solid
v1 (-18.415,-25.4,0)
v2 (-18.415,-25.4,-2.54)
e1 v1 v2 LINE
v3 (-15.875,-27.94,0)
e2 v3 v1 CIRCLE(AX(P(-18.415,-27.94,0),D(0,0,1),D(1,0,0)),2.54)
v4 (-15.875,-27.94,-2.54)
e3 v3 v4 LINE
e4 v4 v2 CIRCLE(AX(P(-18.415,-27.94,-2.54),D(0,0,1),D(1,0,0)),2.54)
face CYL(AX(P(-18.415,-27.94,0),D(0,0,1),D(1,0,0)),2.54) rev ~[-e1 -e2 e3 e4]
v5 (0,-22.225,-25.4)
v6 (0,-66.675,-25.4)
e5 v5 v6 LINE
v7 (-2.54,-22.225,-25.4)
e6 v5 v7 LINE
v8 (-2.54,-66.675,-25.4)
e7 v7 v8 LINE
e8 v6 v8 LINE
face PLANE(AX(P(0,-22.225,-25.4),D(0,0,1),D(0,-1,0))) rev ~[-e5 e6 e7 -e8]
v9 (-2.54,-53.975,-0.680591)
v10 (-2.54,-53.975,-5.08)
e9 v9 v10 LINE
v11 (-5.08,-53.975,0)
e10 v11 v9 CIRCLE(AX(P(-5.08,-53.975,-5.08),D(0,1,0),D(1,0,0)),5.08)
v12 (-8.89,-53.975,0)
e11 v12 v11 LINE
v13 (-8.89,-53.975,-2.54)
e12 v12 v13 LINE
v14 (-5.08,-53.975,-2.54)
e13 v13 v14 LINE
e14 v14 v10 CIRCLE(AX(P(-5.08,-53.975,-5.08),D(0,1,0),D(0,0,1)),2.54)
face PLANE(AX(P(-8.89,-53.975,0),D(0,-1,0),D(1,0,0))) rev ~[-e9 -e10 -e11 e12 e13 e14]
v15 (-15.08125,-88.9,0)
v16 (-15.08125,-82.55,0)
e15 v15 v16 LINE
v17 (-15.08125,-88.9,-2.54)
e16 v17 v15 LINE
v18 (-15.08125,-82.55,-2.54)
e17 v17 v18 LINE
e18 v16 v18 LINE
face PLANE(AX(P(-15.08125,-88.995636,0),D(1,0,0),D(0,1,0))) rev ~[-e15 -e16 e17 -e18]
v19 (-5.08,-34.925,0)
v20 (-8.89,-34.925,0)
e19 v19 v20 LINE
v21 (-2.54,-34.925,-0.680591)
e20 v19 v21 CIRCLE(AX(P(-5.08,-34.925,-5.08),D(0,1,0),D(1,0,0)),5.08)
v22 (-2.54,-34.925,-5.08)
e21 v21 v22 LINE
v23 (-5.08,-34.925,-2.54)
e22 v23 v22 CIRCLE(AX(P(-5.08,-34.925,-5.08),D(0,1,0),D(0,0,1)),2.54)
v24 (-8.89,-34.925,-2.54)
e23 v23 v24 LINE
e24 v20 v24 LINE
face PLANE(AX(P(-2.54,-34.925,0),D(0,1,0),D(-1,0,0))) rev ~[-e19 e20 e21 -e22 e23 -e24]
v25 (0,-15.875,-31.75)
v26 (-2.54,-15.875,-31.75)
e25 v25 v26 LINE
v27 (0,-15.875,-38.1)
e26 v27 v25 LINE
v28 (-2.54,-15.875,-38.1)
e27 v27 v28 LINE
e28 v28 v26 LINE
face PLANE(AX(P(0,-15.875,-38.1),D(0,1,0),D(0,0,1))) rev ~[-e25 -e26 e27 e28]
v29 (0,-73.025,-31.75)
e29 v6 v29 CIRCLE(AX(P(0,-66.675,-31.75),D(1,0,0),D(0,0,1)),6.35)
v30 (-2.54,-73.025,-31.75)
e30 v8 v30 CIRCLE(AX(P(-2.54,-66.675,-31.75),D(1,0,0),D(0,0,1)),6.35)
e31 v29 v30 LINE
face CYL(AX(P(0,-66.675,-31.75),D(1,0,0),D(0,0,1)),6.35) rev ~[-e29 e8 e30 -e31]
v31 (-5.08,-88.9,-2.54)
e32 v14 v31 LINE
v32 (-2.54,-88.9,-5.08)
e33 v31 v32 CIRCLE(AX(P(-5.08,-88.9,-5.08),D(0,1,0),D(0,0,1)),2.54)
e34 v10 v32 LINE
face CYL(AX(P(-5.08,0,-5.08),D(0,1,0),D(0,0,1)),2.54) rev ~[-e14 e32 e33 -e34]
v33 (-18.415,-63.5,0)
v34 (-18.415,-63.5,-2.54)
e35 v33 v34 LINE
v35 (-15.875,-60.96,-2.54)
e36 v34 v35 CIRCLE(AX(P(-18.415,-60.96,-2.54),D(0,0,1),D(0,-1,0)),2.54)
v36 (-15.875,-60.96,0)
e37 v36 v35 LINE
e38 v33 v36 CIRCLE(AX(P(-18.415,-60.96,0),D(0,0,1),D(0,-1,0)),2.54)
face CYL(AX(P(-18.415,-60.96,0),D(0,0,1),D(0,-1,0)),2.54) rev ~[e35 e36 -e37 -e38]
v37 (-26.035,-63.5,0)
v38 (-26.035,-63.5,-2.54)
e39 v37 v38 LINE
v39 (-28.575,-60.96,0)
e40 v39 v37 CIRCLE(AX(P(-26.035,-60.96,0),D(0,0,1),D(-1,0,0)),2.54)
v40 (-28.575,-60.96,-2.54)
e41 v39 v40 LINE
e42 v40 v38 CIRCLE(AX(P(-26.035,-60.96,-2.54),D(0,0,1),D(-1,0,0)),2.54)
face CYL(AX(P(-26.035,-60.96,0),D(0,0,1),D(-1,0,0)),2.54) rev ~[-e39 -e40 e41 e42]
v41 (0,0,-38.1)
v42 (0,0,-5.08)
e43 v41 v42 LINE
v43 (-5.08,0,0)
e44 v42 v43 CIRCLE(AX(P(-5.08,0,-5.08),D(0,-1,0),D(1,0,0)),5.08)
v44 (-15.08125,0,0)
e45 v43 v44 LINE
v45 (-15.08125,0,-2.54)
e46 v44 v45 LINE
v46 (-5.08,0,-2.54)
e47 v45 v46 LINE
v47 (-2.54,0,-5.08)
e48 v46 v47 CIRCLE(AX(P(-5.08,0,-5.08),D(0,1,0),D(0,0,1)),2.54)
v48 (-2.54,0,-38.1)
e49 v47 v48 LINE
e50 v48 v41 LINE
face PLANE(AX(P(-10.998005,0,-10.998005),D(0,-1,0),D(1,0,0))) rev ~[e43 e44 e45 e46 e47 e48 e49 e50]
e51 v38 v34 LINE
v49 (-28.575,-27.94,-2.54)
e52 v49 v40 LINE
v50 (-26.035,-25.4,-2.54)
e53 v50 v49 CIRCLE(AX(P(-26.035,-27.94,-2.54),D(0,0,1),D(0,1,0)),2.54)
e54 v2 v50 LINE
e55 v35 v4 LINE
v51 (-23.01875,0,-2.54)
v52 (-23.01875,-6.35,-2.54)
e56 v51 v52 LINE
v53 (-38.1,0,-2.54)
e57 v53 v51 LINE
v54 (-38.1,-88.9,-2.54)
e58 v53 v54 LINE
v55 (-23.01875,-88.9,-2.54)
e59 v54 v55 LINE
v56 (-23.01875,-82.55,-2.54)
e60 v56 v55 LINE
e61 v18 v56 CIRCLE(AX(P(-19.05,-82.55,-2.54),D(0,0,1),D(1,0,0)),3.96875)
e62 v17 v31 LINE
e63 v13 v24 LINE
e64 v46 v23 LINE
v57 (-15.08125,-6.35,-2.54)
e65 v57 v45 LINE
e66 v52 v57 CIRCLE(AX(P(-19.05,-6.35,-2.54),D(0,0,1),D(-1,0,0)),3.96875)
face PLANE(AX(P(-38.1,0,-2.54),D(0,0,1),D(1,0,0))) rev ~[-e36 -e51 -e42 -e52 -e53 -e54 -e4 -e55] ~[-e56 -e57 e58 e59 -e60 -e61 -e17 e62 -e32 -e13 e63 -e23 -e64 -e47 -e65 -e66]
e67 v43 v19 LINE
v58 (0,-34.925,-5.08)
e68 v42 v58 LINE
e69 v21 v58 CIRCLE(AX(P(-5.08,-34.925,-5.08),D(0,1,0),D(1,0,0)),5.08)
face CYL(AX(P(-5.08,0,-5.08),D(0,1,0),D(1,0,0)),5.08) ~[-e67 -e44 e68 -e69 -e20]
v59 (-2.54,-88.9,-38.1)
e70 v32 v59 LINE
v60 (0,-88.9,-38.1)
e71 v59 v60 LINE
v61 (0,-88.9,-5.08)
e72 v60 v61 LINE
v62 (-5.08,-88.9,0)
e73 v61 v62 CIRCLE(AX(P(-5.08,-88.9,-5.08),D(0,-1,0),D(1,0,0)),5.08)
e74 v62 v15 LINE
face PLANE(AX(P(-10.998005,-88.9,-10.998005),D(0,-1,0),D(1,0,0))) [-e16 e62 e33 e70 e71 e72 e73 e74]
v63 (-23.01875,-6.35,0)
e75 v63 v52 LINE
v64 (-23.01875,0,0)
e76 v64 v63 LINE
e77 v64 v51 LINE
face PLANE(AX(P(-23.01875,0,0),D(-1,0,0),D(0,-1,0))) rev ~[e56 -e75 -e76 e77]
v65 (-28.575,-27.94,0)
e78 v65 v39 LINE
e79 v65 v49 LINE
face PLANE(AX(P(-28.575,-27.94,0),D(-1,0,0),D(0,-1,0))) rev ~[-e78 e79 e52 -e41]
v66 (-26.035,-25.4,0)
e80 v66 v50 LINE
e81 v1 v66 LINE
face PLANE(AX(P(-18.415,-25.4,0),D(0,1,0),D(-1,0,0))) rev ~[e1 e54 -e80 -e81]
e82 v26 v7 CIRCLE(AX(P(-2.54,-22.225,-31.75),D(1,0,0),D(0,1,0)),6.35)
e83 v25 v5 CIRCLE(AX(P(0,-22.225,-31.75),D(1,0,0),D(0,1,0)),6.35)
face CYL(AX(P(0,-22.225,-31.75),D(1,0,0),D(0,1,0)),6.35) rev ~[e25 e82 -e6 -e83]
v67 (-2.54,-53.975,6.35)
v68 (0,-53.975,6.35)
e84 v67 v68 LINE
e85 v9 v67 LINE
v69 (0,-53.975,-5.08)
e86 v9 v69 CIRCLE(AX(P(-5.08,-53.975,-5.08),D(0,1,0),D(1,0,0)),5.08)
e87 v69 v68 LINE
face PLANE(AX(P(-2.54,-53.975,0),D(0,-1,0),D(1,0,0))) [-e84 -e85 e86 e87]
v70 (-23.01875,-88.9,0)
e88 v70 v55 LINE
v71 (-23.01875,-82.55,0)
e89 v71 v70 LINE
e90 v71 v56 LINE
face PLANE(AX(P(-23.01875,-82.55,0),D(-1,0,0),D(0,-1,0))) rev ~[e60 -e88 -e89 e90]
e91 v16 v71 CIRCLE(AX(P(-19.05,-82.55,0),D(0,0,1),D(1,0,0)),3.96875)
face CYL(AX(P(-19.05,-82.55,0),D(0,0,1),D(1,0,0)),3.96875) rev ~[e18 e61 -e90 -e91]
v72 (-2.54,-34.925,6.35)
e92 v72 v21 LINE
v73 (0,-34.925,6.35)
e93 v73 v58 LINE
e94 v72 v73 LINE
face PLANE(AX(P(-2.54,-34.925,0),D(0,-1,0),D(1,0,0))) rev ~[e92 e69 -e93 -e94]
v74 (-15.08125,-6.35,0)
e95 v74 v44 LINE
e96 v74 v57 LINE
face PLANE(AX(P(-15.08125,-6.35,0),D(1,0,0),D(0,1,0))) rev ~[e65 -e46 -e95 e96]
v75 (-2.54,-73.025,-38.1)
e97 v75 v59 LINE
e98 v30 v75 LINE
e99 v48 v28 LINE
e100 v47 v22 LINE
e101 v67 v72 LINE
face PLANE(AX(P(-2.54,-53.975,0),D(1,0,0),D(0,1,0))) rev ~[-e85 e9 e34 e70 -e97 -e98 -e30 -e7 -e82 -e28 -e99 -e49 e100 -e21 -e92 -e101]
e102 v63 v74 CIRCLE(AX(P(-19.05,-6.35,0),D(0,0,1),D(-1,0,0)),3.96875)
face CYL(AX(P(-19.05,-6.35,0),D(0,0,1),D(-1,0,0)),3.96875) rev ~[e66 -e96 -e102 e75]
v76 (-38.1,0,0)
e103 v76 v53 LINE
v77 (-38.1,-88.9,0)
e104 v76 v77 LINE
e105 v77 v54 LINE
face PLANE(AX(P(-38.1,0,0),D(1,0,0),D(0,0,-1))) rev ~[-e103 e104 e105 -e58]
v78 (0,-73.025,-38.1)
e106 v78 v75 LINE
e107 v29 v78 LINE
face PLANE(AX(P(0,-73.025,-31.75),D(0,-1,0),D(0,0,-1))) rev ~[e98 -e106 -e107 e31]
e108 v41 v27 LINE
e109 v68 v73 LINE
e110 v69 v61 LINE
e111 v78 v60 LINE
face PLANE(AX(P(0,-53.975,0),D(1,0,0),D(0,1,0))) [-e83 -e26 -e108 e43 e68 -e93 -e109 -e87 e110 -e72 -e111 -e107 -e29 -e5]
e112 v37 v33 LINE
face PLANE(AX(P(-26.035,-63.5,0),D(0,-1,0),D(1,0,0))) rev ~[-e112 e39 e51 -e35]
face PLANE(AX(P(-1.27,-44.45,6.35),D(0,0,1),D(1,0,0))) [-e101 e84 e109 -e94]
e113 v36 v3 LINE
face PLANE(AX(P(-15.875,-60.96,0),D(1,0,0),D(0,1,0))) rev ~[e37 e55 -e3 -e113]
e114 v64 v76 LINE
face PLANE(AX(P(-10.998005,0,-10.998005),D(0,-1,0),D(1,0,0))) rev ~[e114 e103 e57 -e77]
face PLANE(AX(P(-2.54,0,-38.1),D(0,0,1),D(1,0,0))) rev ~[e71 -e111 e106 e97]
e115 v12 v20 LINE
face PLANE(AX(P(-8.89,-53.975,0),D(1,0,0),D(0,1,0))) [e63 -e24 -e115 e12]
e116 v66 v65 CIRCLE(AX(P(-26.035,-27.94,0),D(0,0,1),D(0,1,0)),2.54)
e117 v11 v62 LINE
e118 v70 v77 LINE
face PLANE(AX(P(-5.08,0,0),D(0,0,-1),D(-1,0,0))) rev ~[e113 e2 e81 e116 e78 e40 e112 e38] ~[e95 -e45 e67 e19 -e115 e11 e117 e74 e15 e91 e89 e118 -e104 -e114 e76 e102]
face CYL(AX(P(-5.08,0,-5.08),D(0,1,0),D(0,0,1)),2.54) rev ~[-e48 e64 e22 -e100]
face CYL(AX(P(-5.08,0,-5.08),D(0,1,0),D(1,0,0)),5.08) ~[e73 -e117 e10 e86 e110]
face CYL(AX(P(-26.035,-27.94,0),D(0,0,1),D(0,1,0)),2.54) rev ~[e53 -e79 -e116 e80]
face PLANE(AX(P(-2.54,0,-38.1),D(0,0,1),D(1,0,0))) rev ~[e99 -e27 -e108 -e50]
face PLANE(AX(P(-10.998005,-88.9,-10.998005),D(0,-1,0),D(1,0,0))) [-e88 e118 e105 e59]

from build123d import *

# Parameters (mm, degrees)
F1_DEPTH      = 88.9
F2_W          = 2.54
F2_H          = 19.05
F2_W_2        = 3.81
F3_DEPTH      = 25.4
F4_W          = 2.54
F4_H          = 19.05
F5_DEPTH      = 6.35
F5_DEPTH_BACK = 6.35
F7_DEPTH      = 25.4
F9_DEPTH      = 25.4
F11_DEPTH     = 25.4


with BuildPart() as f1:
    # F0 (on Front) → F1 (new body)
    with BuildSketch(Plane.XZ):
        with BuildLine():
            ThreePointArc((0, -5.08), (-1.4878975516, -1.4878975516), (-5.08, 0))
            Line((-5.08, 0), (-38.1, 0))
            Line((-38.1, 0), (-38.1, -2.54))
            Line((-38.1, -2.54), (-5.08, -2.54))
            ThreePointArc((-5.08, -2.54), (-3.2839487758, -3.2839487758), (-2.54, -5.08))
            Line((-2.54, -5.08), (-2.54, -38.1))
            Line((-2.54, -38.1), (0, -38.1))
            Line((0, -38.1), (0, -5.08))
        make_face()
    extrude(amount=F1_DEPTH)

    # F2 (on face) → F3 (cut)
    with BuildSketch(Plane.XY):
        with Locations((-3.81, -44.45)):
            Rectangle(F2_W, F2_H)
        with Locations((-6.985, -44.45)):
            Rectangle(F2_W_2, F2_H)
    extrude(amount=-F3_DEPTH, mode=Mode.SUBTRACT)

    # F4 (on face) → F5 (join, two sides)
    with BuildSketch(Plane.XY) as f5_sk:
        with Locations((-1.27, -44.45)):
            Rectangle(F4_W, F4_H)
    extrude(amount=F5_DEPTH)
    extrude(f5_sk.sketch, amount=-F5_DEPTH_BACK)

    # F6 (on face) → F7 (cut)
    with BuildSketch(Plane.XY):
        with BuildLine():
            Line((-23.01875, 0), (-23.01875, -6.35))
            ThreePointArc((-23.01875, -6.35), (-19.05, -10.31875), (-15.08125, -6.35))
            Line((-15.08125, -6.35), (-15.08125, 0))
            Line((-15.08125, 0), (-23.01875, 0))
        make_face()
        with BuildLine():
            Line((-15.08125, -88.9956355095), (-15.08125, -82.55))
            ThreePointArc((-15.08125, -82.55), (-19.05, -78.58125), (-23.01875, -82.55))
            Line((-23.01875, -82.55), (-23.01875, -88.9956355095))
            Line((-23.01875, -88.9956355095), (-15.08125, -88.9956355095))
        make_face()
    extrude(amount=-F7_DEPTH, mode=Mode.SUBTRACT)

    # F8 (on face) → F9 (cut)
    with BuildSketch(Plane.XY):
        with BuildLine():
            Line((-18.415, -25.4), (-26.035, -25.4))
            ThreePointArc((-26.035, -25.4), (-27.8310512242, -26.1439487758), (-28.575, -27.94))
            Line((-28.575, -27.94), (-28.575, -60.96))
            ThreePointArc((-28.575, -60.96), (-27.8310512242, -62.7560512242), (-26.035, -63.5))
            Line((-26.035, -63.5), (-18.415, -63.5))
            ThreePointArc((-18.415, -63.5), (-16.6189487758, -62.7560512242), (-15.875, -60.96))
            Line((-15.875, -60.96), (-15.875, -27.94))
            ThreePointArc((-15.875, -27.94), (-16.6189487758, -26.1439487758), (-18.415, -25.4))
        make_face()
    extrude(amount=-F9_DEPTH, mode=Mode.SUBTRACT)

    # F10 (on face) → F11 (cut)
    with BuildSketch(Plane.YZ):
        with BuildLine():
            Line((-73.025, -31.75), (-73.025, -38.1))
            Line((-73.025, -38.1), (-15.875, -38.1))
            Line((-15.875, -38.1), (-15.875, -31.75))
            ThreePointArc((-15.875, -31.75), (-17.7348719395, -27.2598719395), (-22.225, -25.4))
            Line((-22.225, -25.4), (-66.675, -25.4))
            ThreePointArc((-66.675, -25.4), (-71.1651280605, -27.2598719395), (-73.025, -31.75))
        make_face()
    extrude(amount=-F11_DEPTH, mode=Mode.SUBTRACT)


solid = f1.part
